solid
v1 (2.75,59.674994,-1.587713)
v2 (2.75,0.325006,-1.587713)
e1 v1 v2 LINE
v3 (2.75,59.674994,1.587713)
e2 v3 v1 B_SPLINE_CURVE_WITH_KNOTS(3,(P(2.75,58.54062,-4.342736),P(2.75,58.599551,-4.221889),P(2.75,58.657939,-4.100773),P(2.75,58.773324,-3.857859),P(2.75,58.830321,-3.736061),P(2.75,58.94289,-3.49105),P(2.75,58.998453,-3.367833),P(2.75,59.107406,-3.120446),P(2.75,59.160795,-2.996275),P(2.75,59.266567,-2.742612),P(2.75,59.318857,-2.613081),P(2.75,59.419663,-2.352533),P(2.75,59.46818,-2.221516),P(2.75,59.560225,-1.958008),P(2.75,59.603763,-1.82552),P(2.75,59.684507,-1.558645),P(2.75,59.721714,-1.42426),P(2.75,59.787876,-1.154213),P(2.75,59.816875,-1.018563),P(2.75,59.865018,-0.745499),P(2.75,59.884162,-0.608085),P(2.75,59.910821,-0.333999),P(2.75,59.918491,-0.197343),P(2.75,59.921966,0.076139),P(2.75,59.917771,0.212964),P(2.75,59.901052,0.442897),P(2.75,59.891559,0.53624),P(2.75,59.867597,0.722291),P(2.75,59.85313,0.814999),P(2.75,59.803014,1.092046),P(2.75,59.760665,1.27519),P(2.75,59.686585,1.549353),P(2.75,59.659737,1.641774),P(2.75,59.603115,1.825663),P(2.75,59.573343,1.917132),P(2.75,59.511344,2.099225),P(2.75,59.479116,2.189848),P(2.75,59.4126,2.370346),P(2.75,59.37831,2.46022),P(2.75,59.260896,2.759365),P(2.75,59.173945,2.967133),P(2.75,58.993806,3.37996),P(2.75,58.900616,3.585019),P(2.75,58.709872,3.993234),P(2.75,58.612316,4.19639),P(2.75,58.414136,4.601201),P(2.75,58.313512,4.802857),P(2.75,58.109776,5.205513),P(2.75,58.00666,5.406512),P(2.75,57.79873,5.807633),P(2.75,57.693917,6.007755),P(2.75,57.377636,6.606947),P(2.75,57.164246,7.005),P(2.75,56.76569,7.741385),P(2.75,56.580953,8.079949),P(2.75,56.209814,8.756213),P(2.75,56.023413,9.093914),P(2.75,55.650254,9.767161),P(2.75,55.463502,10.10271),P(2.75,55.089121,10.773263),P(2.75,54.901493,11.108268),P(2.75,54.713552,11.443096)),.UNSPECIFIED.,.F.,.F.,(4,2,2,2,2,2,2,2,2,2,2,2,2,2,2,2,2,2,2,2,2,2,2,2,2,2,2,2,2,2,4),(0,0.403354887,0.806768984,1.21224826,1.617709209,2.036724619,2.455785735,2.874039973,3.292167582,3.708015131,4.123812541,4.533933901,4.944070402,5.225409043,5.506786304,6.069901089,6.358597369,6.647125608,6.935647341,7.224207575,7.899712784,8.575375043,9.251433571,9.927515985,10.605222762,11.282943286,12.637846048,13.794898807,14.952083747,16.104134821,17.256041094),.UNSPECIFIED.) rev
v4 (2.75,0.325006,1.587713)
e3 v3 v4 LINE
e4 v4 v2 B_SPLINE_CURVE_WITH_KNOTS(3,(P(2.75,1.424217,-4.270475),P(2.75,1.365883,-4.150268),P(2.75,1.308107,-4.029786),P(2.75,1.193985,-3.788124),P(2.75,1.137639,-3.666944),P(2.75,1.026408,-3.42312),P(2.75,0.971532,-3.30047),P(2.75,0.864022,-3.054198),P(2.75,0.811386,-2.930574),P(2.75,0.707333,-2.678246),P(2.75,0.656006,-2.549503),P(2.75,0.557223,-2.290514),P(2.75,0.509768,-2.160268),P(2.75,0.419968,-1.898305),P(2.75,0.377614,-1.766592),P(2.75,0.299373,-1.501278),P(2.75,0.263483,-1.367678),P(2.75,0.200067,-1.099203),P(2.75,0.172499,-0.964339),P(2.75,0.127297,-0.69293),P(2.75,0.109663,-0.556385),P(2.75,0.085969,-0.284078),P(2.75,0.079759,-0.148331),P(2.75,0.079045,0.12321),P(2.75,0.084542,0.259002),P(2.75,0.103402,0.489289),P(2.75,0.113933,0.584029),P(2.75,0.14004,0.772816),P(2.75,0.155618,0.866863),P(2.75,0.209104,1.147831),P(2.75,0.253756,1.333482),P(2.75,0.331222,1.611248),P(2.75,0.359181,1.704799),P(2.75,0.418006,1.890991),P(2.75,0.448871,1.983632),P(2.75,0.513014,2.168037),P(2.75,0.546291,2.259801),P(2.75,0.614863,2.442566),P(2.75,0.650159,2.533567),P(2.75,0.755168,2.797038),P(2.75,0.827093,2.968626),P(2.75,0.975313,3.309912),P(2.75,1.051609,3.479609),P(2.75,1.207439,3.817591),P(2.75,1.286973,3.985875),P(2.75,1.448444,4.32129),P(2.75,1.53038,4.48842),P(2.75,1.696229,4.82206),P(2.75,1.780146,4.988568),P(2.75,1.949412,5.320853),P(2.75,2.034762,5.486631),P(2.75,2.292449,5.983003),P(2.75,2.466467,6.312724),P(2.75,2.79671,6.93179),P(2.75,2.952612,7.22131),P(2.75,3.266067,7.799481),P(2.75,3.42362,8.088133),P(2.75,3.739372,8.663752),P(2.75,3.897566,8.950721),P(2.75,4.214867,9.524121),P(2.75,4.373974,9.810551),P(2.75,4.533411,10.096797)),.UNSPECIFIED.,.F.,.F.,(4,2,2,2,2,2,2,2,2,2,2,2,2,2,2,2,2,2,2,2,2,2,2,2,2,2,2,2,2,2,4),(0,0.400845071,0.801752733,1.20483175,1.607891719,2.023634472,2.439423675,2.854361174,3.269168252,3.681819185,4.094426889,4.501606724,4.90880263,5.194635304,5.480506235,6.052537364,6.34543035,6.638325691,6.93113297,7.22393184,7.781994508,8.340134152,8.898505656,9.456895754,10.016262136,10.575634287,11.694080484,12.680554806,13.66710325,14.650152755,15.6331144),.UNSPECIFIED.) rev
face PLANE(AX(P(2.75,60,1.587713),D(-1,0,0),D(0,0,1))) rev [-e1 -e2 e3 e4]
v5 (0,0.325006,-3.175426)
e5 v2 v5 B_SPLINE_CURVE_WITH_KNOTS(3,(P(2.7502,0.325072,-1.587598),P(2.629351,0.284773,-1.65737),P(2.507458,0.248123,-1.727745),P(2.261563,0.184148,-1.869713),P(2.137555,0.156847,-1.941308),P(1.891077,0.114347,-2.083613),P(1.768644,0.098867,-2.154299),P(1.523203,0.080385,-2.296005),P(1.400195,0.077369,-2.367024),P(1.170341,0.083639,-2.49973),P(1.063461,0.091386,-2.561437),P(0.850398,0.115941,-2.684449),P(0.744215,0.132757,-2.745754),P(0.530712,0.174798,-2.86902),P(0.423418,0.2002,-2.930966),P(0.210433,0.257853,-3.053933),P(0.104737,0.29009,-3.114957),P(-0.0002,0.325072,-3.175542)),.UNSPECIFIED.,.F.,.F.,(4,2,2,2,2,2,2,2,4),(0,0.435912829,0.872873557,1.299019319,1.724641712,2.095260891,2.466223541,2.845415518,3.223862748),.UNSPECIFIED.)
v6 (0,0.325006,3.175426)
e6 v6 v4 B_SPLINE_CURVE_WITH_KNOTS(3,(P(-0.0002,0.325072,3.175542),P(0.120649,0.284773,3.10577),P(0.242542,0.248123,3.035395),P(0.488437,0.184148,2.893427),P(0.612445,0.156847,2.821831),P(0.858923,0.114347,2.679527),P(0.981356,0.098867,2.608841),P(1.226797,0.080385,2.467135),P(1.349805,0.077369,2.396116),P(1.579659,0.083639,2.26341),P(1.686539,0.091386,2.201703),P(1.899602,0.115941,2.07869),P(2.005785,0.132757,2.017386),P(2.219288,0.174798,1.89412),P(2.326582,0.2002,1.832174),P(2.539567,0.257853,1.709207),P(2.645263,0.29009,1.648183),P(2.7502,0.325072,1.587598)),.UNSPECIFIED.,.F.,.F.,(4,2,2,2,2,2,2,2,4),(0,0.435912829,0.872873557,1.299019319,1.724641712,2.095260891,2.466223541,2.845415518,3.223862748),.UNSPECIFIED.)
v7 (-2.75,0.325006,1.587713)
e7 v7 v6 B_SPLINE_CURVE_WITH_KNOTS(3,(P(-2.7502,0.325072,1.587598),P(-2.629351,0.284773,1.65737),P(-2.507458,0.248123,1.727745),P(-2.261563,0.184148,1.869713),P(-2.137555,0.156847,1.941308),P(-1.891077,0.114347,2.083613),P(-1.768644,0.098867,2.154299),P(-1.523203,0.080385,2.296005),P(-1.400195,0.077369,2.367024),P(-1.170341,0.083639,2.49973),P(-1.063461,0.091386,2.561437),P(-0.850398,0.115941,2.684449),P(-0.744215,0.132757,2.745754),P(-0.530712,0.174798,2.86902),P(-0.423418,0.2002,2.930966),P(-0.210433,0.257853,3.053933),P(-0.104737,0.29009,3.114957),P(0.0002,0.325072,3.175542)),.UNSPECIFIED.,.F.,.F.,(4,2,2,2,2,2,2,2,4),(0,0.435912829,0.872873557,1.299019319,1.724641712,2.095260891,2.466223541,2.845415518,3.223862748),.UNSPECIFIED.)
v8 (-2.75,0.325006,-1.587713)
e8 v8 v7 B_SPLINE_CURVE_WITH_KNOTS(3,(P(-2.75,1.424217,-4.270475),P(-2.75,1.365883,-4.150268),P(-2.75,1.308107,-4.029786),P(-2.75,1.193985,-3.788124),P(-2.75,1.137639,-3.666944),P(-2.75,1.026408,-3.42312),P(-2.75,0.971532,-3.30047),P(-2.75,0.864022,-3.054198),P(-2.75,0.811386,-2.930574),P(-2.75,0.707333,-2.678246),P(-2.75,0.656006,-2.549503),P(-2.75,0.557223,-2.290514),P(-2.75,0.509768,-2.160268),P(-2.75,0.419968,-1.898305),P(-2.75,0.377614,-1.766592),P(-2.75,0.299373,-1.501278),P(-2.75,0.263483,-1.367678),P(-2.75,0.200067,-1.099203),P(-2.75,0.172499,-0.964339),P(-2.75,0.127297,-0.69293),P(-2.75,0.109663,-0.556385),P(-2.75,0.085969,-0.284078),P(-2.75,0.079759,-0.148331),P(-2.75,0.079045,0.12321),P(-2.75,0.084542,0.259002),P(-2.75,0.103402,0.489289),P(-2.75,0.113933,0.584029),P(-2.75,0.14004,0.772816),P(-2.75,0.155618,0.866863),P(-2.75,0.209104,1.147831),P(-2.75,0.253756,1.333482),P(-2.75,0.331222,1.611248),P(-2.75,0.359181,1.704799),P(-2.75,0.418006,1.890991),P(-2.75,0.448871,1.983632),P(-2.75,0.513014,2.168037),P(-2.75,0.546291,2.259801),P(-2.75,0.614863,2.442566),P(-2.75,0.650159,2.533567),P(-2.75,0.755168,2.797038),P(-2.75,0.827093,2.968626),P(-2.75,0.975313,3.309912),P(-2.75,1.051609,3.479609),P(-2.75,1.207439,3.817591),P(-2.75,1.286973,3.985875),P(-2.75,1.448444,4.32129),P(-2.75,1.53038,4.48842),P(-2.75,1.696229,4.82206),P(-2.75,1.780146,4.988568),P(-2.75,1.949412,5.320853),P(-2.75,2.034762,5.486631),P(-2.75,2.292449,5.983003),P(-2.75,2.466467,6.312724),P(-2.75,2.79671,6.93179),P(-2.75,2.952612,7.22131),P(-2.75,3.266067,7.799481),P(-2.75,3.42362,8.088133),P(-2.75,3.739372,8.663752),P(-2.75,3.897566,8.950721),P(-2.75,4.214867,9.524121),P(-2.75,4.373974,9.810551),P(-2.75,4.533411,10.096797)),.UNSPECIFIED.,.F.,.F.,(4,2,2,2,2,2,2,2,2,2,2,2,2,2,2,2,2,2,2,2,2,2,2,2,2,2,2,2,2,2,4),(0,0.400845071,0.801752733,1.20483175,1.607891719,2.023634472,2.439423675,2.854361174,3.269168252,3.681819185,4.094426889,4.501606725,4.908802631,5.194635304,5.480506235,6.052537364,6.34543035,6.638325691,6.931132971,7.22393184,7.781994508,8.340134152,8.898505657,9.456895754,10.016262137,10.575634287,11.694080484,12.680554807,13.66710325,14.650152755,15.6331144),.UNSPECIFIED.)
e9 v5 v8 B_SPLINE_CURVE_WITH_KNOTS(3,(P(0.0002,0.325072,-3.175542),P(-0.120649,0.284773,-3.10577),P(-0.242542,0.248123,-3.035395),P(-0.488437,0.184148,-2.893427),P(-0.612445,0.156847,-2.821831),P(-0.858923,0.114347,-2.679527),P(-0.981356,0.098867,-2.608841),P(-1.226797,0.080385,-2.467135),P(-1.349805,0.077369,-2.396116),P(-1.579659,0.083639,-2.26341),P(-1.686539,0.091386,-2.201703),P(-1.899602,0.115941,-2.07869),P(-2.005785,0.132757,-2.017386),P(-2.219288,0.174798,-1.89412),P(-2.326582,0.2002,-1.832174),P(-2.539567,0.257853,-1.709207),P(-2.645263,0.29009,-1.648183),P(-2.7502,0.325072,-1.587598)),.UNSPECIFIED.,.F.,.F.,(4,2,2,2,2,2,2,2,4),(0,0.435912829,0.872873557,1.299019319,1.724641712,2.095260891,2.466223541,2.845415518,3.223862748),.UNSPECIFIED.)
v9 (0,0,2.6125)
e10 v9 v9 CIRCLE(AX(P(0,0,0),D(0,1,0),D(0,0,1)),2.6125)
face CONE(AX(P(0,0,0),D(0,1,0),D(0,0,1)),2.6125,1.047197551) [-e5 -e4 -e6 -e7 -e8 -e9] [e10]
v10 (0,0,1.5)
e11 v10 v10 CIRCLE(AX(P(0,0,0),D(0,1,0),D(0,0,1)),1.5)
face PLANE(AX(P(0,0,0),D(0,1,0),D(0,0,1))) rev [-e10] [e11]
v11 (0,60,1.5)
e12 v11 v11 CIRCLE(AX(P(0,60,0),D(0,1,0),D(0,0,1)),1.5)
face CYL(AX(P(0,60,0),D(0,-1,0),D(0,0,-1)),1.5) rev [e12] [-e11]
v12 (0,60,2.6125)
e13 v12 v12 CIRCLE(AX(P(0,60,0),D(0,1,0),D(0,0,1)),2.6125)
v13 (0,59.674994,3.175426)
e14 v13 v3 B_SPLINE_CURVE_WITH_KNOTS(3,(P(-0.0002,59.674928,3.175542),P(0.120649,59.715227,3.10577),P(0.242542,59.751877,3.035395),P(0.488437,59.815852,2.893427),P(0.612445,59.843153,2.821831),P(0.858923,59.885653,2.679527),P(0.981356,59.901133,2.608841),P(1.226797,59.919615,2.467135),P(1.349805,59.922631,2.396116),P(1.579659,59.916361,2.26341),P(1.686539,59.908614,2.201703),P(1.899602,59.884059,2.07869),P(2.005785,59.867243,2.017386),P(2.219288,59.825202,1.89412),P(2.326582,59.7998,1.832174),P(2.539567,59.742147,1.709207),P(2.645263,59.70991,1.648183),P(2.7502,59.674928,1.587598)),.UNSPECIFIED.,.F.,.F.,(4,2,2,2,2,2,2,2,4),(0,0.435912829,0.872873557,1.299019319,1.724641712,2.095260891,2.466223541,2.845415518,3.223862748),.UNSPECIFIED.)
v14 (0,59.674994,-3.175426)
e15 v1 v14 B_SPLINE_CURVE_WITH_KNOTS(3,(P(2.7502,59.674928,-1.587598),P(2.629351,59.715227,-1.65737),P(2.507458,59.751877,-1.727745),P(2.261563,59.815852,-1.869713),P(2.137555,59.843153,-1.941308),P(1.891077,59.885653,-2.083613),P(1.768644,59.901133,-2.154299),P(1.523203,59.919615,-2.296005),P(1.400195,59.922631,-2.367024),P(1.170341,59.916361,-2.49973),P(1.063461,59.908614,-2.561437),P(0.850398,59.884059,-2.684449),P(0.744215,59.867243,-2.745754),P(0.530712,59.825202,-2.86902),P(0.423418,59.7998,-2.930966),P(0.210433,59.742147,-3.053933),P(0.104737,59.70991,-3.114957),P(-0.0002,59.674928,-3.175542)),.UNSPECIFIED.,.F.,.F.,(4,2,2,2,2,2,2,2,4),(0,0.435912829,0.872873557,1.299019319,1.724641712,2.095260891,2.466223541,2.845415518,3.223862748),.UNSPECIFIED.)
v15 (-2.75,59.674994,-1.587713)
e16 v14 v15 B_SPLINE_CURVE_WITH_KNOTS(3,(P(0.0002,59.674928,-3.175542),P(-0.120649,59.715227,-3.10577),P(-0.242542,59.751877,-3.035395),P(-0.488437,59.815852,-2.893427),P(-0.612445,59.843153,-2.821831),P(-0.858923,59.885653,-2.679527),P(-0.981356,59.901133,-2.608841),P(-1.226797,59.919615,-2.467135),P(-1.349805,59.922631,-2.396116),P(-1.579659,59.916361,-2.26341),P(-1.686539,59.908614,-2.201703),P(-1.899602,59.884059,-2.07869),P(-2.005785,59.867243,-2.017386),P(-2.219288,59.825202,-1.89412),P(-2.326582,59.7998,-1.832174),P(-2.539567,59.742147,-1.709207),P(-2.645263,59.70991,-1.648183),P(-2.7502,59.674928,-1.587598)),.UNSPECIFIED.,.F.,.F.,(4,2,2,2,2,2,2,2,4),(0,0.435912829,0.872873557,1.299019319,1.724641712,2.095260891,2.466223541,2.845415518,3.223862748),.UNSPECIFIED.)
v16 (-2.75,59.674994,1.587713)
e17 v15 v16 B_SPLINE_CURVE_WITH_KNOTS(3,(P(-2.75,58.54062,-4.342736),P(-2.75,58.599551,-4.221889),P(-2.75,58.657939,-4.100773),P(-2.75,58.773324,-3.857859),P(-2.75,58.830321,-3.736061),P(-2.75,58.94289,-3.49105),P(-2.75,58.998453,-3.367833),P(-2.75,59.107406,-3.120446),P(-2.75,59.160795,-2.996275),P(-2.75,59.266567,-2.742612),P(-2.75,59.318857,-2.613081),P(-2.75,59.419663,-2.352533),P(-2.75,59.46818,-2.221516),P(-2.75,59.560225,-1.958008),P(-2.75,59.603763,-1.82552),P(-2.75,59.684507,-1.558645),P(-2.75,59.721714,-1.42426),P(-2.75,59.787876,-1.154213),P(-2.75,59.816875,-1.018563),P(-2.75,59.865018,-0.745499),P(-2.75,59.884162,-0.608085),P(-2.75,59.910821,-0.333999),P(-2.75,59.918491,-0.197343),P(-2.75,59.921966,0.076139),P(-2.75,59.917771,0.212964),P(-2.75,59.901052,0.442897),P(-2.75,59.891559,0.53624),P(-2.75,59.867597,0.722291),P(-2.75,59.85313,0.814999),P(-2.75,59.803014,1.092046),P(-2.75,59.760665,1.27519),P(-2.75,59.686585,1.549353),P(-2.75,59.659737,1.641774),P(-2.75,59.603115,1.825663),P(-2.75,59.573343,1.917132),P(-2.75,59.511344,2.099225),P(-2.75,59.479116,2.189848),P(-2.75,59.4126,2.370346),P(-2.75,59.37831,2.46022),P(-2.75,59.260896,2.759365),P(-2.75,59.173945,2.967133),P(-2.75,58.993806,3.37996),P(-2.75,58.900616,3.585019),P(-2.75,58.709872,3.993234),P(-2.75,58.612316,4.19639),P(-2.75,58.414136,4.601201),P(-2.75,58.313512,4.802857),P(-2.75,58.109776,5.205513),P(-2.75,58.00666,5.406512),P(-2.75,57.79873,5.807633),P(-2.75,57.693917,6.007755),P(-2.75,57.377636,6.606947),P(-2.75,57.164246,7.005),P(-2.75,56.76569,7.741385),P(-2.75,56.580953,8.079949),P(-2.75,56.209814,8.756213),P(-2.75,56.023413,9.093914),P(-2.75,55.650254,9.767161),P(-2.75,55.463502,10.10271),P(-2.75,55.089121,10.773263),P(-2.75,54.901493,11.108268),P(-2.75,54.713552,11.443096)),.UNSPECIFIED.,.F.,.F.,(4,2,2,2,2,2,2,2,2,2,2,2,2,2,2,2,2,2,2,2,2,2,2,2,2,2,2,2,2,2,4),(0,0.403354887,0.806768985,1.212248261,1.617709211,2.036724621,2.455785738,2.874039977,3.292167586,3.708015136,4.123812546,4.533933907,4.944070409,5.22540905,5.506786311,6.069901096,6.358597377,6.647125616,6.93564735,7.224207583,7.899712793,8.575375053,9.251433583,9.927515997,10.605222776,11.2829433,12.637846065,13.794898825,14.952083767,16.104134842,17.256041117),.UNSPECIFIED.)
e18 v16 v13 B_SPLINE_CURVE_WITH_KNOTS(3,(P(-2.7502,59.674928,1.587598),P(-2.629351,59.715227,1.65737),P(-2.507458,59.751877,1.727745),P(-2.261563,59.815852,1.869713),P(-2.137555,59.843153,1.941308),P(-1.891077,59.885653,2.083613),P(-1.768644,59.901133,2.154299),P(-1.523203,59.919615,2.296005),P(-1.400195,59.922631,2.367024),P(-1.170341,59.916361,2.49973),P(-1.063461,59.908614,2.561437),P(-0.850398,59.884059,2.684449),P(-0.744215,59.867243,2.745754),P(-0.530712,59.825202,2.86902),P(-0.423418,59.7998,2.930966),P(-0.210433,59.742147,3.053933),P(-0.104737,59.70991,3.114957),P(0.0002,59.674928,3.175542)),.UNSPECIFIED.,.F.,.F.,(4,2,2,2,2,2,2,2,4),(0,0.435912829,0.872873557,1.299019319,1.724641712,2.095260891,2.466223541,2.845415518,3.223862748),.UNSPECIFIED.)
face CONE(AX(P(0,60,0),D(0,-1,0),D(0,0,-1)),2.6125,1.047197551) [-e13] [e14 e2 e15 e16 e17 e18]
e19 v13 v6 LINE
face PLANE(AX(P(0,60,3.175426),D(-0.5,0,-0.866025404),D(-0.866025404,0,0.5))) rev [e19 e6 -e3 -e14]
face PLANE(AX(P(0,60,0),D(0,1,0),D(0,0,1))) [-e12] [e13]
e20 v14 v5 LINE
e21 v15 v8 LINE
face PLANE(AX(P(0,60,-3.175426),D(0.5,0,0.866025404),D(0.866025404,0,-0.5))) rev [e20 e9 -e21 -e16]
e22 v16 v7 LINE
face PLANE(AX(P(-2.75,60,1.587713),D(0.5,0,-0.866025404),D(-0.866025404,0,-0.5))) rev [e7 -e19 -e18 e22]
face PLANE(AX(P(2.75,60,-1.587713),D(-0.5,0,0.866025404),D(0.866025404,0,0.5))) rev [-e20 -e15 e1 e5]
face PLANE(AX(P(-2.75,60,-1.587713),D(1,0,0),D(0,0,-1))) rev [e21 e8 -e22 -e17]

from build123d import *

# Parameters (mm, degrees)
SKETCH_1_R      = 1.5
EXTRUDE_1_DEPTH = 60


with BuildPart() as part:
    # Эскиз1 → Бобышка-Вытянуть1 (new body)
    with BuildSketch(Plane(origin=(0, 0, 0), x_dir=(1, 0, 0), z_dir=(0, 1, 0))):
        Polygon((0, 3.175426481), (-2.75, 1.58771324), (-2.75, -1.58771324), (0, -3.175426481), (2.75, -1.58771324), (2.75, 1.58771324), align=None)
        Circle(SKETCH_1_R, mode=Mode.SUBTRACT)
    extrude(amount=EXTRUDE_1_DEPTH)

    # Эскиз3 → Вырез-Повернуть1 (revolve, cut)
    with BuildSketch(Plane(origin=(0, 0, 0), x_dir=(0, 0, -1), z_dir=(1, 0, 0))):
        Polygon((-8.378043736, 3.328738228), (-8.378043736, 0), (-2.6125, 0), align=None)
        Polygon((-11.931875613, 60), (-2.6125, 60), (-11.931875613, 54.619455981), align=None)
    revolve(axis=Axis((0, 60, 0), (0, -1, 0)), mode=Mode.SUBTRACT)


solid = part.part
